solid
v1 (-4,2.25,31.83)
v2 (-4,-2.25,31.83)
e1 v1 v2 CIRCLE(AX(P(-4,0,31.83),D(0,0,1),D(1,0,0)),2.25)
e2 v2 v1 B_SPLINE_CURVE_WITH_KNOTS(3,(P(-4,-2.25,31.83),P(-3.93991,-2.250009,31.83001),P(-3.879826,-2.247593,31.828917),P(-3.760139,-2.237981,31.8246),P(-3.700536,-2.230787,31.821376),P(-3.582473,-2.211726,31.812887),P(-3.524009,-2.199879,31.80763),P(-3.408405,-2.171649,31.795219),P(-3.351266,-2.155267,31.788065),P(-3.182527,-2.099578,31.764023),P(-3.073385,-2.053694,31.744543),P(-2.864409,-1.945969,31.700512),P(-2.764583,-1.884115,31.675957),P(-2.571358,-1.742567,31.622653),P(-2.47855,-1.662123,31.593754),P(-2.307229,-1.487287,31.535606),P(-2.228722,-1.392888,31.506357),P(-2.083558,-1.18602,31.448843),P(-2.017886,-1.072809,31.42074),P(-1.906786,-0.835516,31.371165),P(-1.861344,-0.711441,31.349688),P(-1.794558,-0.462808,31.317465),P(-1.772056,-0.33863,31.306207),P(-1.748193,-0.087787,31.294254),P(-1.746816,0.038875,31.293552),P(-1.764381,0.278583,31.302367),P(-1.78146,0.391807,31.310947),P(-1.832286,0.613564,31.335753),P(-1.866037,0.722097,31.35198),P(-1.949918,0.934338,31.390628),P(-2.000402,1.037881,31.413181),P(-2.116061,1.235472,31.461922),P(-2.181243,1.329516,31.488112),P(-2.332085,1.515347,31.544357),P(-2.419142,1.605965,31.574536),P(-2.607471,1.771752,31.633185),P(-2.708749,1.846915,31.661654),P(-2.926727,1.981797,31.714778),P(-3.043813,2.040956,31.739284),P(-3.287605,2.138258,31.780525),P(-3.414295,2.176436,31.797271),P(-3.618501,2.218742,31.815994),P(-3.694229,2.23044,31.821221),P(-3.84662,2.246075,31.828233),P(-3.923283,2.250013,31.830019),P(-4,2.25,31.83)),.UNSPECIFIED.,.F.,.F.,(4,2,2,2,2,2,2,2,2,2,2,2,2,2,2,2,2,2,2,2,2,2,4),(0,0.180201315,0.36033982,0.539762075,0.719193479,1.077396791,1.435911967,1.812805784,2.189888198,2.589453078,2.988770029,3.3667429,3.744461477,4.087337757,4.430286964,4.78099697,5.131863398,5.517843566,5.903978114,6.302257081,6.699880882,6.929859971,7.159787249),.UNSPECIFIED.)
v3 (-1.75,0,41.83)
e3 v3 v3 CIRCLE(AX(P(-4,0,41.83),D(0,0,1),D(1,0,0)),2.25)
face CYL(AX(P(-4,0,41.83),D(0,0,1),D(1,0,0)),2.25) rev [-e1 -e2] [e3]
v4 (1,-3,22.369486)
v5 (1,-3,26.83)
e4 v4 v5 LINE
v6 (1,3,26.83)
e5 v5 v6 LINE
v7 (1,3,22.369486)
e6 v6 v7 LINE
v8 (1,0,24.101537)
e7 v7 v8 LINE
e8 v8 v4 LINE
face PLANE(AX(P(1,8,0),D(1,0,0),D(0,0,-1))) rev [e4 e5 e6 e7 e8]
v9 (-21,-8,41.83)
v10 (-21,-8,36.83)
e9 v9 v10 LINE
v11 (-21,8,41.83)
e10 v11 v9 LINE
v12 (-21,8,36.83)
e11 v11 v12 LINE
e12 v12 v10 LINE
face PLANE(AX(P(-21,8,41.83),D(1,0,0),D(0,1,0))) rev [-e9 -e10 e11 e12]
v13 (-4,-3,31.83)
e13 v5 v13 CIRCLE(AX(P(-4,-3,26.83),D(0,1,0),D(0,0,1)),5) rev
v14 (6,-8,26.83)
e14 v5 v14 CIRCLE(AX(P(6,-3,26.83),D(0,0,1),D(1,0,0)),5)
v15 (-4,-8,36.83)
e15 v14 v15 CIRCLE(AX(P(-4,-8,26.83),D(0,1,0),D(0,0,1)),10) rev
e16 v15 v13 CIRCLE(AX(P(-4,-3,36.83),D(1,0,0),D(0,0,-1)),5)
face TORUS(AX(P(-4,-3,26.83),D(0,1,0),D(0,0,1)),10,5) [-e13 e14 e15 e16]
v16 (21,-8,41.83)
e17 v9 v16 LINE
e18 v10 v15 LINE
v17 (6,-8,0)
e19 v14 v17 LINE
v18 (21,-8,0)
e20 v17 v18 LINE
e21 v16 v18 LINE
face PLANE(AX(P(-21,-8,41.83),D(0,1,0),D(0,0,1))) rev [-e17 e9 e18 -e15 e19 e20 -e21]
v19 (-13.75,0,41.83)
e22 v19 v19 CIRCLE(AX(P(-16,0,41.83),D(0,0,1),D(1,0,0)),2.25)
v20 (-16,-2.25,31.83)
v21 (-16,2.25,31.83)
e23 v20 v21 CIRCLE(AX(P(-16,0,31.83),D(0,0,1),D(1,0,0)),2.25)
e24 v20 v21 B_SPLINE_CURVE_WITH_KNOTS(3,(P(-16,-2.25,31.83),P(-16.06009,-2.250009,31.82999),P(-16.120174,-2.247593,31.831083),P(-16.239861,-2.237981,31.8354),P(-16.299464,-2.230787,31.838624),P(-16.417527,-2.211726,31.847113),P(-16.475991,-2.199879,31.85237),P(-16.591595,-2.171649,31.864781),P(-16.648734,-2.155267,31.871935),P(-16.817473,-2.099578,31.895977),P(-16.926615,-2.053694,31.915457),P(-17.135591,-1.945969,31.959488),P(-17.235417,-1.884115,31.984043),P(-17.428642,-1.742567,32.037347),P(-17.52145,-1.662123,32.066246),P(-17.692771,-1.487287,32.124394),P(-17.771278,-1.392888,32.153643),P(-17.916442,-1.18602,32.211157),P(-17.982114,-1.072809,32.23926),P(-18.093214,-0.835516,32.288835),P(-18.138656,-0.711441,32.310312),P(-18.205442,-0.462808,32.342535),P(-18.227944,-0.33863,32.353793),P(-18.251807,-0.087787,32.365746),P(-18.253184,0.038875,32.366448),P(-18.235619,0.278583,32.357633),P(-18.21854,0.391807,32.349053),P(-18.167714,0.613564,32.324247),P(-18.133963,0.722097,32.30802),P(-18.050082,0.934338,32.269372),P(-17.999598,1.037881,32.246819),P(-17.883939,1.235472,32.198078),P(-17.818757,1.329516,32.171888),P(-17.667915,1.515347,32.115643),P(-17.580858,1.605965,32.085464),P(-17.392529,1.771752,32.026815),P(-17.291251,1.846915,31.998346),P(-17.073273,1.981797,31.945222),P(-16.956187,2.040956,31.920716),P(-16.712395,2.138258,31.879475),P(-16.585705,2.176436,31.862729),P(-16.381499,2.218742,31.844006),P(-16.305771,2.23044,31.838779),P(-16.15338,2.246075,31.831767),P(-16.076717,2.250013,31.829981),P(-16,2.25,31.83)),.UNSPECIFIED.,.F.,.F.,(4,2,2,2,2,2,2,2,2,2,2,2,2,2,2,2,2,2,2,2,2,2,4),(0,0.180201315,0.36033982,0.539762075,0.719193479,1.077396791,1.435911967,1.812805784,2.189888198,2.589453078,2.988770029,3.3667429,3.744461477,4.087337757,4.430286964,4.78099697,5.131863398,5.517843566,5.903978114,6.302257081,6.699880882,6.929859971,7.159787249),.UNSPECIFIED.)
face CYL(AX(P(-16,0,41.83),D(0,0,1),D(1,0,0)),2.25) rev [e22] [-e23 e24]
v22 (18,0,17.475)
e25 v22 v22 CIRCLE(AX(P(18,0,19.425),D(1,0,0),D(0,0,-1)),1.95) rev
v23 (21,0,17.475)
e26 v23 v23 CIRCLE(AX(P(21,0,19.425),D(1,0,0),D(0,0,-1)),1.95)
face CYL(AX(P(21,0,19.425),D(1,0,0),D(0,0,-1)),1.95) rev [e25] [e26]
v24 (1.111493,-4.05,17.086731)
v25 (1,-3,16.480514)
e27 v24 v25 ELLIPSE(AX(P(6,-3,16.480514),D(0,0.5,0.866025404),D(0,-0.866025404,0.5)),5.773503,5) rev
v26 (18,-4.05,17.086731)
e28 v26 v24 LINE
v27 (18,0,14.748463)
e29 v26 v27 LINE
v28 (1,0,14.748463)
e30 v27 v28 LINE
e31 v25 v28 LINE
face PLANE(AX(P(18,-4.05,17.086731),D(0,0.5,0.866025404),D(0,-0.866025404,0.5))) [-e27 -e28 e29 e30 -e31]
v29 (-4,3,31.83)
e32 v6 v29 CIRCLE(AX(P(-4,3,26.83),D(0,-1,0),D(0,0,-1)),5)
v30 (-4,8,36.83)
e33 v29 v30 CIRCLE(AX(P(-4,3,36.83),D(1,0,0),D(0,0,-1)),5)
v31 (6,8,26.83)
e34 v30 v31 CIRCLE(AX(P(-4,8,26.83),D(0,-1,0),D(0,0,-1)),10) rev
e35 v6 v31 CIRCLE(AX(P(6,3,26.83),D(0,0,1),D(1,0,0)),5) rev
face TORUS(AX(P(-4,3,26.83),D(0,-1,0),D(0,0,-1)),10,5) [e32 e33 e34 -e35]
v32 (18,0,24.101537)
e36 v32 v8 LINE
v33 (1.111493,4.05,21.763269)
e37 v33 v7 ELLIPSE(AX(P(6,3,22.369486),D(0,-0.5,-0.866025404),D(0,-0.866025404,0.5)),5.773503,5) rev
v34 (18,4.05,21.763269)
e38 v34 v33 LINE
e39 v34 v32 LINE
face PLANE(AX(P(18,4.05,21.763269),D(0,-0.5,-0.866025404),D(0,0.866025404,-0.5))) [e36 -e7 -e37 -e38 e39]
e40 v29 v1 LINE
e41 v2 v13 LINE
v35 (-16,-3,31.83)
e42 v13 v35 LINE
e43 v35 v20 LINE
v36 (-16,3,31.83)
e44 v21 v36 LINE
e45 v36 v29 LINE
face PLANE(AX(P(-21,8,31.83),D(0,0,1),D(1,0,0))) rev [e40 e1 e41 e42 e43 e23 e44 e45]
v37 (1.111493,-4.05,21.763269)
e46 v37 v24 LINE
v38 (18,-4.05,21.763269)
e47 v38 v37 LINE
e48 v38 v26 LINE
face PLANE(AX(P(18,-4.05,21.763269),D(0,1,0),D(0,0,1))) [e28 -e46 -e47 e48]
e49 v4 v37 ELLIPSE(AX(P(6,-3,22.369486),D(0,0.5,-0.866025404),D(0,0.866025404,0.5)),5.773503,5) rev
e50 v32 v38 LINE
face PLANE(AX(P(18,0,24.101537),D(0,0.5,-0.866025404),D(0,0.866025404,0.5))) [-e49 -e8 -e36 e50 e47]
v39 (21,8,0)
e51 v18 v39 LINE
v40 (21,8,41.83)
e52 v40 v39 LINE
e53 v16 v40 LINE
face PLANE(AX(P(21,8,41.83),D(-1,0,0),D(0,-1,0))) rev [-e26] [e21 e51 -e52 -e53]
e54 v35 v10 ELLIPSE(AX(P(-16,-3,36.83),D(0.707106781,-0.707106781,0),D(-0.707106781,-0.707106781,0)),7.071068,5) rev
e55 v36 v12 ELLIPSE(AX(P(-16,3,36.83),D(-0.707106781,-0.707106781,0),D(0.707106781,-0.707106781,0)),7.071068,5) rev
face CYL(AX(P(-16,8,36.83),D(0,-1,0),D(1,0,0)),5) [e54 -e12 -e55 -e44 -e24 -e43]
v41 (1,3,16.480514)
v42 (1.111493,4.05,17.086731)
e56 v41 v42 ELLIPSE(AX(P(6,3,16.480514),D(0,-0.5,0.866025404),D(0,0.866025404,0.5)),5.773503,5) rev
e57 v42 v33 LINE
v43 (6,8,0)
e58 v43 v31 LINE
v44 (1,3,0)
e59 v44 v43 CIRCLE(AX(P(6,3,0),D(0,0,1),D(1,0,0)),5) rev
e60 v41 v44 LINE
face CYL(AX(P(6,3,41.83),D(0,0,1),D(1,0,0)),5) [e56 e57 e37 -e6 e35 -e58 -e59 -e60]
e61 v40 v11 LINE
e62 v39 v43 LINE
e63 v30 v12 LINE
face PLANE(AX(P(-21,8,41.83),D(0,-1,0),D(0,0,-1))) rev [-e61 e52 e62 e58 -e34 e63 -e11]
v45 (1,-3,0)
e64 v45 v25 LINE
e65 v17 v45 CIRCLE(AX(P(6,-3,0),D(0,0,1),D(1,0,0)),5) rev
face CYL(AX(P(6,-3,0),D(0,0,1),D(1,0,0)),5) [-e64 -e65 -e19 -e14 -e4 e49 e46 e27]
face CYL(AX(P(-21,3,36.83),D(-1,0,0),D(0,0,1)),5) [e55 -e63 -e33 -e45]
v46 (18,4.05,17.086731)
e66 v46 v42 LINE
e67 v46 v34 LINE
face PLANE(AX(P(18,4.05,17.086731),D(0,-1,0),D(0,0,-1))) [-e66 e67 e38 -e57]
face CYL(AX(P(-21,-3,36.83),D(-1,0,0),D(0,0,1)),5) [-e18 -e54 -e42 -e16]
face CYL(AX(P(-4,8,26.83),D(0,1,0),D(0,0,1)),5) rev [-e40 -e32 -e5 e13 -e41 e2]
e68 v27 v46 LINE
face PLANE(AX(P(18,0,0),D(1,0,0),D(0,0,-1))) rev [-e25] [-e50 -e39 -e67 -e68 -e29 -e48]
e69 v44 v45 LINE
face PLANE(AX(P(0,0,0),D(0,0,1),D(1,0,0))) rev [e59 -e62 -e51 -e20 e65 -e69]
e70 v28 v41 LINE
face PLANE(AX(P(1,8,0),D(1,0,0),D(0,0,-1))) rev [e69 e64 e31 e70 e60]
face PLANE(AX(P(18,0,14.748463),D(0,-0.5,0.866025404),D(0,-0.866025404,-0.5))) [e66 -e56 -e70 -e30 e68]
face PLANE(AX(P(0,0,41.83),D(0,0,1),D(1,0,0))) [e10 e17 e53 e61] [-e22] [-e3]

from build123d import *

# Parameters (mm, degrees)
ESQUISSE1_W                     = 42
ESQUISSE1_H                     = 16
BOSS_EXTRU_1_DEPTH              = 41.83
ESQUISSE2_W                     = 22
ESQUISSE2_H                     = 31.83
ENL_V_MAT_EXTRU_1_DEPTH         = 50.464622712
CONG_1_R                        = 5
D_GAGEMENT_M3_51_D              = 3.9
DIAM_TRE_DU_PER_AGE_4_5_4_5_2_D = 4.5
ENL_V_MAT_EXTRU_2_DEPTH         = 17


with BuildPart() as part:
    # Esquisse1 → Boss.-Extru.1 (new body)
    with BuildSketch(Plane.XY):
        Rectangle(ESQUISSE1_W, ESQUISSE1_H)
    extrude(amount=BOSS_EXTRU_1_DEPTH)

    # Esquisse2 → Enlèv. mat.-Extru.1 (cut, through all)
    with BuildSketch(Plane.XZ.offset(8)):
        with Locations((-10, 15.915)):
            Rectangle(ESQUISSE2_W, ESQUISSE2_H)
    extrude(amount=-ENL_V_MAT_EXTRU_1_DEPTH, mode=Mode.SUBTRACT)

    # Congé1
    cong_1_edges = [part.edges().sort_by_distance(p)[0] for p in [
        (-10, 8, 31.83),
        (-21, 0, 31.83),
        (1, 8, 15.915),
        (1, 0, 31.83),
        (1, -8, 15.915),
        (-10, -8, 31.83),
    ]]
    fillet(cong_1_edges, radius=CONG_1_R)

    # Dégagement M3.51 (through all)
    with Locations(Plane(origin=(21, 0, 0), x_dir=(0, 0, -1), z_dir=(1, 0, 0))):
        with Locations((-19.425, 0)):
            Hole(D_GAGEMENT_M3_51_D / 2)

    # Diamètre du perçage Ø4.5 (4.5)2 (through all)
    with Locations(Plane.XY.offset(41.83)):
        with Locations((-16, 0), (-4, 0)):
            Hole(DIAM_TRE_DU_PER_AGE_4_5_4_5_2_D / 2)

    # Esquisse7 → Enlèv. mat.-Extru.2 (cut)
    with BuildSketch(Plane(origin=(1, 0, 0), x_dir=(0, 0, -1), z_dir=(1, 0, 0))):
        Polygon((-24.10153718, 0), (-21.76326859, -4.05), (-17.08673141, -4.05), (-14.74846282, 0), (-17.08673141, 4.05), (-21.76326859, 4.05), align=None)
    extrude(amount=ENL_V_MAT_EXTRU_2_DEPTH, mode=Mode.SUBTRACT)


solid = part.part
